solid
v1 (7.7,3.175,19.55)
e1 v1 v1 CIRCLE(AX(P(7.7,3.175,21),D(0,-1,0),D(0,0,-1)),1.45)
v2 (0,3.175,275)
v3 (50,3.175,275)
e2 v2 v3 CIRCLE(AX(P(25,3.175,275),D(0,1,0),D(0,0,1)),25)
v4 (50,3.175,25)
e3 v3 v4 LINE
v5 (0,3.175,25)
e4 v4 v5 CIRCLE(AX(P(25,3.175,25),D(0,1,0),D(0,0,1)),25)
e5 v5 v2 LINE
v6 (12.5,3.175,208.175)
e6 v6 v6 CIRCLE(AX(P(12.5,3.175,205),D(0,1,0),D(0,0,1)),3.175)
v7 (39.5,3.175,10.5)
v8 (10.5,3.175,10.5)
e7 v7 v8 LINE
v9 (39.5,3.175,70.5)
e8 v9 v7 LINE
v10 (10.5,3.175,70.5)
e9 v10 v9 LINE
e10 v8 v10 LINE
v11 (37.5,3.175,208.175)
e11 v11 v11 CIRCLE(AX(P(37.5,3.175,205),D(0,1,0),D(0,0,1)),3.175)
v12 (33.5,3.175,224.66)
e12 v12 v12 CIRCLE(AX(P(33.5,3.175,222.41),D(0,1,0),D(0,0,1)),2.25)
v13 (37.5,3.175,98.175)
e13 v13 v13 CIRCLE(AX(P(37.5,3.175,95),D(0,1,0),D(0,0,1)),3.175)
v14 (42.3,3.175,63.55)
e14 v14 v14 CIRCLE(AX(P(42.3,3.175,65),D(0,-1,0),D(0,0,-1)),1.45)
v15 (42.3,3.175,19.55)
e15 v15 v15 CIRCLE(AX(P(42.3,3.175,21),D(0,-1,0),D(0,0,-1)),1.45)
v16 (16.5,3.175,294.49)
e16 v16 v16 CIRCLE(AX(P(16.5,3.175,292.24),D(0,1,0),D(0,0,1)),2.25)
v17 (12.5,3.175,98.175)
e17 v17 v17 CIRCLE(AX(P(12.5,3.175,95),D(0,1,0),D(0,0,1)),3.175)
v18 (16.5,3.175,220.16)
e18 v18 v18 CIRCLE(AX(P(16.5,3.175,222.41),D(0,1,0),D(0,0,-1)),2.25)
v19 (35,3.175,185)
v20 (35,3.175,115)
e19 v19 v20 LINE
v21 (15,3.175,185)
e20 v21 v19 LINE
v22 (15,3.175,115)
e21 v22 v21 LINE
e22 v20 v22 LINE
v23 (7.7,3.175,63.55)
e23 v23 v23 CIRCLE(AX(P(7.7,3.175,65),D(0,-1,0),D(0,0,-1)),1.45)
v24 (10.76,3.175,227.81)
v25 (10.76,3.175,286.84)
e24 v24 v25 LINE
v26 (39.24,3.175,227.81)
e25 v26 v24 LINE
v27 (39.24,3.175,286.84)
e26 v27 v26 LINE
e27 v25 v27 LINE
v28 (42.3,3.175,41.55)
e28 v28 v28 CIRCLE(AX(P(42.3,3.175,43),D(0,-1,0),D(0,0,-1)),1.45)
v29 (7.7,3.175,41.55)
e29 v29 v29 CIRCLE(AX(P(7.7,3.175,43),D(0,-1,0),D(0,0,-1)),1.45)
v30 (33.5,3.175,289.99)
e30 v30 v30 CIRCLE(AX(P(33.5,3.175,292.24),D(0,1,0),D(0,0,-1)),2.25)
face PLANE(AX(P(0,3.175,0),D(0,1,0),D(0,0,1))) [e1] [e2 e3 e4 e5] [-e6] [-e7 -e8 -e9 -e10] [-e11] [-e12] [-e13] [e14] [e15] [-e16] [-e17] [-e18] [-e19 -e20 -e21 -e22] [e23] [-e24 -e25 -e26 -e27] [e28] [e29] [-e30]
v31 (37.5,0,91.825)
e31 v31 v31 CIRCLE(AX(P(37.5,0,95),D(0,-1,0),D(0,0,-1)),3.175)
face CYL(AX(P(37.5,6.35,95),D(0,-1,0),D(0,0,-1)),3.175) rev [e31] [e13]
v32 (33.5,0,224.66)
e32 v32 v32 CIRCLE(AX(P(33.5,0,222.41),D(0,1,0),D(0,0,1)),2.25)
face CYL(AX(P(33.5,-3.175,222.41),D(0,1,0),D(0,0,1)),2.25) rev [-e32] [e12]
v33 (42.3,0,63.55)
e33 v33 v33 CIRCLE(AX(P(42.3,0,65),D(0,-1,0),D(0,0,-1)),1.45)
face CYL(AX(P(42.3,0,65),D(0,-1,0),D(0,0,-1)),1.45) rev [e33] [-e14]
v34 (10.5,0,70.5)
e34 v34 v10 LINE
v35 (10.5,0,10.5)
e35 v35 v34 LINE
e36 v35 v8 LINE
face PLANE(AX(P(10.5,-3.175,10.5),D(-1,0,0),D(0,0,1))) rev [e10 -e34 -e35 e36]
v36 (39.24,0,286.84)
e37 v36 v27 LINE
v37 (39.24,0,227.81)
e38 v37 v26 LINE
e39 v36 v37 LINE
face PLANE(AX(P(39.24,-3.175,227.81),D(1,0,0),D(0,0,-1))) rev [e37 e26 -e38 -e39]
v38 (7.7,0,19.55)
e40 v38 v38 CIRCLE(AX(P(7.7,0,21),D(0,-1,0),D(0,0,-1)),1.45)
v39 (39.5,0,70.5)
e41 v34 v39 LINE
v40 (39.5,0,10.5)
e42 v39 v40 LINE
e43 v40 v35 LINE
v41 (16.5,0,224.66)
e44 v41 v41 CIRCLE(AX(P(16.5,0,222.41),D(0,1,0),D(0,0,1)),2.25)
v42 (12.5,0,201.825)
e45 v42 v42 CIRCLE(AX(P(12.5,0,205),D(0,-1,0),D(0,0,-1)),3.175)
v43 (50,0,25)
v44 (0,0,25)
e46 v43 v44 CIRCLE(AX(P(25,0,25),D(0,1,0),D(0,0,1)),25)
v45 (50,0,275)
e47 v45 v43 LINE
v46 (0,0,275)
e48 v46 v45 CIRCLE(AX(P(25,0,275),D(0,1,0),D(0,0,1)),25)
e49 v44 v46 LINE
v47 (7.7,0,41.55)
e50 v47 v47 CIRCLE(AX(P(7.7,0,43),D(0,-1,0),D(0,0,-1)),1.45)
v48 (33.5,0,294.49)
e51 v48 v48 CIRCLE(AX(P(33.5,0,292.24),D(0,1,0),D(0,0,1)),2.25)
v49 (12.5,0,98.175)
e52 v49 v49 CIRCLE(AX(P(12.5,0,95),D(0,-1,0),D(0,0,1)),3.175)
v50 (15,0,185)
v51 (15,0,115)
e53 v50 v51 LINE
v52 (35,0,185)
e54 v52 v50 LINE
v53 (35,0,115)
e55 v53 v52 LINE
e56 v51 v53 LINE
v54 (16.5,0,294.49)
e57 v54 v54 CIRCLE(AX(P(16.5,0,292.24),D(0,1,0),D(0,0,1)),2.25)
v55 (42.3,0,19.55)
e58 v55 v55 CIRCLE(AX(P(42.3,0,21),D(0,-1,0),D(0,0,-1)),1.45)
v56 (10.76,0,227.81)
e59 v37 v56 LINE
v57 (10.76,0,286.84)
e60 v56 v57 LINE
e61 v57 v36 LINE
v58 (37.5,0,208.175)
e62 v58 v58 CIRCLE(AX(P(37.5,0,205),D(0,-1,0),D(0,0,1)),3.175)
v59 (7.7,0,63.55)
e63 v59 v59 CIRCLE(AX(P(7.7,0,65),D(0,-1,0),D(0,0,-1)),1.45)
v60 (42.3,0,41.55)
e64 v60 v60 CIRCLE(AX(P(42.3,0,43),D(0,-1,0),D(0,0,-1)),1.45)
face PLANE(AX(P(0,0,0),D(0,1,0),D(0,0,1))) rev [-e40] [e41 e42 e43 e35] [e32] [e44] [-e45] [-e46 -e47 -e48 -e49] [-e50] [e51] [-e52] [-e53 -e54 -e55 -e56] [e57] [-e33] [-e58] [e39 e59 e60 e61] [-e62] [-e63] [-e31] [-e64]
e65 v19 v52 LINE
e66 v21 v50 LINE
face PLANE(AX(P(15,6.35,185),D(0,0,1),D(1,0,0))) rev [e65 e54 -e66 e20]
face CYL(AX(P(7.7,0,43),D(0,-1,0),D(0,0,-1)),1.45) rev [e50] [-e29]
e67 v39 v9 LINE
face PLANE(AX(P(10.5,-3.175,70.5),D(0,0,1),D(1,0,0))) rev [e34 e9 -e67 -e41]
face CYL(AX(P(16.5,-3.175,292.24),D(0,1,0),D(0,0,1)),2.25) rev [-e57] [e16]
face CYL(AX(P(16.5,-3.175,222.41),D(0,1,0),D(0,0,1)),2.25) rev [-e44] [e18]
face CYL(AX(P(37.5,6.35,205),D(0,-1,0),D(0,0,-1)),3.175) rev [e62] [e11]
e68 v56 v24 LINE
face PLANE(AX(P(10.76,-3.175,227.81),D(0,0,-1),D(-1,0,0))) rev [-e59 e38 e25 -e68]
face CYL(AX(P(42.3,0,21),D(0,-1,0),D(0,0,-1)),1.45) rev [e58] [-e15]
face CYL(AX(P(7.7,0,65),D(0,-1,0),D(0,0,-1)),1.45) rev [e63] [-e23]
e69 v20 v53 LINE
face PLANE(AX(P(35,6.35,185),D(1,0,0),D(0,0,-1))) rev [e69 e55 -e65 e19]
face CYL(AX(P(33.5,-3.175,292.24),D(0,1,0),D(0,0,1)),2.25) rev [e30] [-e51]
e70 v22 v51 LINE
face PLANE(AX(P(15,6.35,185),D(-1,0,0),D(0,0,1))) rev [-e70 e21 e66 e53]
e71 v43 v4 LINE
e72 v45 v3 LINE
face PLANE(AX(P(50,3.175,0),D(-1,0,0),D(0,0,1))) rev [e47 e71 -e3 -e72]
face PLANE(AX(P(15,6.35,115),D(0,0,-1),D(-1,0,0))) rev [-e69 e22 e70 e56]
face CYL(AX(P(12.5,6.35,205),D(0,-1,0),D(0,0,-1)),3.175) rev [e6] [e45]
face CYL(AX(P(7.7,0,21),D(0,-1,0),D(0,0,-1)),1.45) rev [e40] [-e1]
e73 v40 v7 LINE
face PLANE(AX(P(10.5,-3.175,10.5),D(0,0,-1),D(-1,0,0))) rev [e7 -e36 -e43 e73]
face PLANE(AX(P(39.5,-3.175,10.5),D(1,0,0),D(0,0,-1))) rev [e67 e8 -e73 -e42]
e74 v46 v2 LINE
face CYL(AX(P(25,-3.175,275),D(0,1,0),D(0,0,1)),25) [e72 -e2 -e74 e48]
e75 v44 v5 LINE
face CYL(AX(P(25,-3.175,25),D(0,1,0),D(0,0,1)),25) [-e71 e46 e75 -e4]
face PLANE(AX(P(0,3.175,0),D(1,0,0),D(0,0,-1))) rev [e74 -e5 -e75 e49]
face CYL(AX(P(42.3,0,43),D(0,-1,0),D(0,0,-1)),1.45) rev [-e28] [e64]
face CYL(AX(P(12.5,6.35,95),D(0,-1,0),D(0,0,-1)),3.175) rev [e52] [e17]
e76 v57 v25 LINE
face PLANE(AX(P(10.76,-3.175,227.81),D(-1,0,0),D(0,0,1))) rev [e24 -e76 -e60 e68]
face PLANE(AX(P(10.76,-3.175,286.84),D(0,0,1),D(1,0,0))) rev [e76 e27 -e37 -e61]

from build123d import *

# Parameters (mm, degrees)
SKETCH2_W              = 50
SKETCH2_H              = 300
BOSS_EXTRUDE1_DEPTH    = 3.175
SKETCH3_R              = 1.025
SKETCH3_R_2            = 2.25
SKETCH3_W              = 29
SKETCH3_H              = 60
SKETCH3_W_2            = 28.48
SKETCH3_H_2            = 59.03
CUT_EXTRUDE1_DEPTH     = 6.35
CUT_EXTRUDE2_DEPTH     = 6.35
SKETCH5_R              = 3.175
SKETCH5_W              = 20
SKETCH5_H              = 70
CUT_EXTRUDE3_DEPTH     = 6.35
M2_5_CLEARANCE_HOLE1_D = 2.9


with BuildPart() as part:
    # Sketch2 → Boss-Extrude1 (new body)
    with BuildSketch(Plane(origin=(0, 0, 0), x_dir=(1, 0, 0), z_dir=(0, 1, 0))):
        with Locations((25, -150)):
            Rectangle(SKETCH2_W, SKETCH2_H)
    extrude(amount=BOSS_EXTRUDE1_DEPTH)

    # Sketch3 → Cut-Extrude1 (cut)
    with BuildSketch(Plane(origin=(0, 3.175, 0), x_dir=(1, 0, 0), z_dir=(0, 1, 0))):
        with Locations(Location((7.7, -21, 0), (0, 0, 270))):
            Circle(SKETCH3_R)
        with Locations(Location((7.7, -43, 0), (0, 0, 270))):
            Circle(SKETCH3_R)
        with Locations(Location((7.7, -65, 0), (0, 0, 270))):
            Circle(SKETCH3_R)
        with Locations(Location((42.3, -65, 0), (0, 0, 270))):
            Circle(SKETCH3_R)
        with Locations(Location((42.3, -43, 0), (0, 0, 270))):
            Circle(SKETCH3_R)
        with Locations(Location((42.3, -21, 0), (0, 0, 270))):
            Circle(SKETCH3_R)
        with Locations(Location((16.5, -292.24, 0), (0, 0, 270))):
            Circle(SKETCH3_R_2)
        with Locations(Location((33.5, -292.24, 0), (0, 0, 270))):
            Circle(SKETCH3_R_2)
        with Locations(Location((16.5, -222.41, 0), (0, 0, 270))):
            Circle(SKETCH3_R_2)
        with Locations(Location((33.5, -222.41, 0), (0, 0, 270))):
            Circle(SKETCH3_R_2)
        with Locations((25, -40.5)):
            Rectangle(SKETCH3_W, SKETCH3_H)
        with Locations((25, -257.325)):
            Rectangle(SKETCH3_W_2, SKETCH3_H_2)
    extrude(amount=-CUT_EXTRUDE1_DEPTH, mode=Mode.SUBTRACT)

    # Sketch4 → Cut-Extrude2 (cut)
    with BuildSketch(Plane(origin=(0, 3.175, 0), x_dir=(1, 0, 0), z_dir=(0, 1, 0))):
        with BuildLine():
            Line((0, 0), (0, -25))
            ThreePointArc((0, -25), (7.32233047, -7.32233047), (25, 0))
            Line((25, 0), (0, 0))
        make_face()
        with BuildLine():
            ThreePointArc((25, 0), (42.67766953, -7.32233047), (50, -25))
            Line((50, -25), (50, 0))
            Line((50, 0), (25, 0))
        make_face()
        with BuildLine():
            ThreePointArc((25, -300), (7.32233047, -292.67766953), (0, -275))
            Line((0, -275), (0, -300))
            Line((0, -300), (25, -300))
        make_face()
        with BuildLine():
            Line((50, -300), (50, -275))
            ThreePointArc((50, -275), (42.67766953, -292.67766953), (25, -300))
            Line((25, -300), (50, -300))
        make_face()
    extrude(amount=-CUT_EXTRUDE2_DEPTH, mode=Mode.SUBTRACT)

    # Sketch5 → Cut-Extrude3 (cut)
    with BuildSketch(Plane.XZ):
        with Locations(Location((12.5, 205, 0), (0, 0, 270))):
            Circle(SKETCH5_R)
        with Locations(Location((12.5, 95, 0), (0, 0, 90))):
            Circle(SKETCH5_R)
        with Locations(Location((37.5, 95, 0), (0, 0, 270))):
            Circle(SKETCH5_R)
        with Locations(Location((37.5, 205, 0), (0, 0, 90))):
            Circle(SKETCH5_R)
        with Locations((25, 150)):
            Rectangle(SKETCH5_W, SKETCH5_H)
    extrude(amount=-CUT_EXTRUDE3_DEPTH, mode=Mode.SUBTRACT)

    # M2.5 Clearance Hole1 (through all)
    with Locations(Plane(origin=(0, 0, 0), x_dir=(-1, 0, 0), z_dir=(0, -1, 0))):
        with Locations((-7.7, -65), (-42.3, -65), (-7.7, -43), (-42.3, -43), (-42.3, -21), (-7.7, -21)):
            Hole(M2_5_CLEARANCE_HOLE1_D / 2)


solid = part.part
